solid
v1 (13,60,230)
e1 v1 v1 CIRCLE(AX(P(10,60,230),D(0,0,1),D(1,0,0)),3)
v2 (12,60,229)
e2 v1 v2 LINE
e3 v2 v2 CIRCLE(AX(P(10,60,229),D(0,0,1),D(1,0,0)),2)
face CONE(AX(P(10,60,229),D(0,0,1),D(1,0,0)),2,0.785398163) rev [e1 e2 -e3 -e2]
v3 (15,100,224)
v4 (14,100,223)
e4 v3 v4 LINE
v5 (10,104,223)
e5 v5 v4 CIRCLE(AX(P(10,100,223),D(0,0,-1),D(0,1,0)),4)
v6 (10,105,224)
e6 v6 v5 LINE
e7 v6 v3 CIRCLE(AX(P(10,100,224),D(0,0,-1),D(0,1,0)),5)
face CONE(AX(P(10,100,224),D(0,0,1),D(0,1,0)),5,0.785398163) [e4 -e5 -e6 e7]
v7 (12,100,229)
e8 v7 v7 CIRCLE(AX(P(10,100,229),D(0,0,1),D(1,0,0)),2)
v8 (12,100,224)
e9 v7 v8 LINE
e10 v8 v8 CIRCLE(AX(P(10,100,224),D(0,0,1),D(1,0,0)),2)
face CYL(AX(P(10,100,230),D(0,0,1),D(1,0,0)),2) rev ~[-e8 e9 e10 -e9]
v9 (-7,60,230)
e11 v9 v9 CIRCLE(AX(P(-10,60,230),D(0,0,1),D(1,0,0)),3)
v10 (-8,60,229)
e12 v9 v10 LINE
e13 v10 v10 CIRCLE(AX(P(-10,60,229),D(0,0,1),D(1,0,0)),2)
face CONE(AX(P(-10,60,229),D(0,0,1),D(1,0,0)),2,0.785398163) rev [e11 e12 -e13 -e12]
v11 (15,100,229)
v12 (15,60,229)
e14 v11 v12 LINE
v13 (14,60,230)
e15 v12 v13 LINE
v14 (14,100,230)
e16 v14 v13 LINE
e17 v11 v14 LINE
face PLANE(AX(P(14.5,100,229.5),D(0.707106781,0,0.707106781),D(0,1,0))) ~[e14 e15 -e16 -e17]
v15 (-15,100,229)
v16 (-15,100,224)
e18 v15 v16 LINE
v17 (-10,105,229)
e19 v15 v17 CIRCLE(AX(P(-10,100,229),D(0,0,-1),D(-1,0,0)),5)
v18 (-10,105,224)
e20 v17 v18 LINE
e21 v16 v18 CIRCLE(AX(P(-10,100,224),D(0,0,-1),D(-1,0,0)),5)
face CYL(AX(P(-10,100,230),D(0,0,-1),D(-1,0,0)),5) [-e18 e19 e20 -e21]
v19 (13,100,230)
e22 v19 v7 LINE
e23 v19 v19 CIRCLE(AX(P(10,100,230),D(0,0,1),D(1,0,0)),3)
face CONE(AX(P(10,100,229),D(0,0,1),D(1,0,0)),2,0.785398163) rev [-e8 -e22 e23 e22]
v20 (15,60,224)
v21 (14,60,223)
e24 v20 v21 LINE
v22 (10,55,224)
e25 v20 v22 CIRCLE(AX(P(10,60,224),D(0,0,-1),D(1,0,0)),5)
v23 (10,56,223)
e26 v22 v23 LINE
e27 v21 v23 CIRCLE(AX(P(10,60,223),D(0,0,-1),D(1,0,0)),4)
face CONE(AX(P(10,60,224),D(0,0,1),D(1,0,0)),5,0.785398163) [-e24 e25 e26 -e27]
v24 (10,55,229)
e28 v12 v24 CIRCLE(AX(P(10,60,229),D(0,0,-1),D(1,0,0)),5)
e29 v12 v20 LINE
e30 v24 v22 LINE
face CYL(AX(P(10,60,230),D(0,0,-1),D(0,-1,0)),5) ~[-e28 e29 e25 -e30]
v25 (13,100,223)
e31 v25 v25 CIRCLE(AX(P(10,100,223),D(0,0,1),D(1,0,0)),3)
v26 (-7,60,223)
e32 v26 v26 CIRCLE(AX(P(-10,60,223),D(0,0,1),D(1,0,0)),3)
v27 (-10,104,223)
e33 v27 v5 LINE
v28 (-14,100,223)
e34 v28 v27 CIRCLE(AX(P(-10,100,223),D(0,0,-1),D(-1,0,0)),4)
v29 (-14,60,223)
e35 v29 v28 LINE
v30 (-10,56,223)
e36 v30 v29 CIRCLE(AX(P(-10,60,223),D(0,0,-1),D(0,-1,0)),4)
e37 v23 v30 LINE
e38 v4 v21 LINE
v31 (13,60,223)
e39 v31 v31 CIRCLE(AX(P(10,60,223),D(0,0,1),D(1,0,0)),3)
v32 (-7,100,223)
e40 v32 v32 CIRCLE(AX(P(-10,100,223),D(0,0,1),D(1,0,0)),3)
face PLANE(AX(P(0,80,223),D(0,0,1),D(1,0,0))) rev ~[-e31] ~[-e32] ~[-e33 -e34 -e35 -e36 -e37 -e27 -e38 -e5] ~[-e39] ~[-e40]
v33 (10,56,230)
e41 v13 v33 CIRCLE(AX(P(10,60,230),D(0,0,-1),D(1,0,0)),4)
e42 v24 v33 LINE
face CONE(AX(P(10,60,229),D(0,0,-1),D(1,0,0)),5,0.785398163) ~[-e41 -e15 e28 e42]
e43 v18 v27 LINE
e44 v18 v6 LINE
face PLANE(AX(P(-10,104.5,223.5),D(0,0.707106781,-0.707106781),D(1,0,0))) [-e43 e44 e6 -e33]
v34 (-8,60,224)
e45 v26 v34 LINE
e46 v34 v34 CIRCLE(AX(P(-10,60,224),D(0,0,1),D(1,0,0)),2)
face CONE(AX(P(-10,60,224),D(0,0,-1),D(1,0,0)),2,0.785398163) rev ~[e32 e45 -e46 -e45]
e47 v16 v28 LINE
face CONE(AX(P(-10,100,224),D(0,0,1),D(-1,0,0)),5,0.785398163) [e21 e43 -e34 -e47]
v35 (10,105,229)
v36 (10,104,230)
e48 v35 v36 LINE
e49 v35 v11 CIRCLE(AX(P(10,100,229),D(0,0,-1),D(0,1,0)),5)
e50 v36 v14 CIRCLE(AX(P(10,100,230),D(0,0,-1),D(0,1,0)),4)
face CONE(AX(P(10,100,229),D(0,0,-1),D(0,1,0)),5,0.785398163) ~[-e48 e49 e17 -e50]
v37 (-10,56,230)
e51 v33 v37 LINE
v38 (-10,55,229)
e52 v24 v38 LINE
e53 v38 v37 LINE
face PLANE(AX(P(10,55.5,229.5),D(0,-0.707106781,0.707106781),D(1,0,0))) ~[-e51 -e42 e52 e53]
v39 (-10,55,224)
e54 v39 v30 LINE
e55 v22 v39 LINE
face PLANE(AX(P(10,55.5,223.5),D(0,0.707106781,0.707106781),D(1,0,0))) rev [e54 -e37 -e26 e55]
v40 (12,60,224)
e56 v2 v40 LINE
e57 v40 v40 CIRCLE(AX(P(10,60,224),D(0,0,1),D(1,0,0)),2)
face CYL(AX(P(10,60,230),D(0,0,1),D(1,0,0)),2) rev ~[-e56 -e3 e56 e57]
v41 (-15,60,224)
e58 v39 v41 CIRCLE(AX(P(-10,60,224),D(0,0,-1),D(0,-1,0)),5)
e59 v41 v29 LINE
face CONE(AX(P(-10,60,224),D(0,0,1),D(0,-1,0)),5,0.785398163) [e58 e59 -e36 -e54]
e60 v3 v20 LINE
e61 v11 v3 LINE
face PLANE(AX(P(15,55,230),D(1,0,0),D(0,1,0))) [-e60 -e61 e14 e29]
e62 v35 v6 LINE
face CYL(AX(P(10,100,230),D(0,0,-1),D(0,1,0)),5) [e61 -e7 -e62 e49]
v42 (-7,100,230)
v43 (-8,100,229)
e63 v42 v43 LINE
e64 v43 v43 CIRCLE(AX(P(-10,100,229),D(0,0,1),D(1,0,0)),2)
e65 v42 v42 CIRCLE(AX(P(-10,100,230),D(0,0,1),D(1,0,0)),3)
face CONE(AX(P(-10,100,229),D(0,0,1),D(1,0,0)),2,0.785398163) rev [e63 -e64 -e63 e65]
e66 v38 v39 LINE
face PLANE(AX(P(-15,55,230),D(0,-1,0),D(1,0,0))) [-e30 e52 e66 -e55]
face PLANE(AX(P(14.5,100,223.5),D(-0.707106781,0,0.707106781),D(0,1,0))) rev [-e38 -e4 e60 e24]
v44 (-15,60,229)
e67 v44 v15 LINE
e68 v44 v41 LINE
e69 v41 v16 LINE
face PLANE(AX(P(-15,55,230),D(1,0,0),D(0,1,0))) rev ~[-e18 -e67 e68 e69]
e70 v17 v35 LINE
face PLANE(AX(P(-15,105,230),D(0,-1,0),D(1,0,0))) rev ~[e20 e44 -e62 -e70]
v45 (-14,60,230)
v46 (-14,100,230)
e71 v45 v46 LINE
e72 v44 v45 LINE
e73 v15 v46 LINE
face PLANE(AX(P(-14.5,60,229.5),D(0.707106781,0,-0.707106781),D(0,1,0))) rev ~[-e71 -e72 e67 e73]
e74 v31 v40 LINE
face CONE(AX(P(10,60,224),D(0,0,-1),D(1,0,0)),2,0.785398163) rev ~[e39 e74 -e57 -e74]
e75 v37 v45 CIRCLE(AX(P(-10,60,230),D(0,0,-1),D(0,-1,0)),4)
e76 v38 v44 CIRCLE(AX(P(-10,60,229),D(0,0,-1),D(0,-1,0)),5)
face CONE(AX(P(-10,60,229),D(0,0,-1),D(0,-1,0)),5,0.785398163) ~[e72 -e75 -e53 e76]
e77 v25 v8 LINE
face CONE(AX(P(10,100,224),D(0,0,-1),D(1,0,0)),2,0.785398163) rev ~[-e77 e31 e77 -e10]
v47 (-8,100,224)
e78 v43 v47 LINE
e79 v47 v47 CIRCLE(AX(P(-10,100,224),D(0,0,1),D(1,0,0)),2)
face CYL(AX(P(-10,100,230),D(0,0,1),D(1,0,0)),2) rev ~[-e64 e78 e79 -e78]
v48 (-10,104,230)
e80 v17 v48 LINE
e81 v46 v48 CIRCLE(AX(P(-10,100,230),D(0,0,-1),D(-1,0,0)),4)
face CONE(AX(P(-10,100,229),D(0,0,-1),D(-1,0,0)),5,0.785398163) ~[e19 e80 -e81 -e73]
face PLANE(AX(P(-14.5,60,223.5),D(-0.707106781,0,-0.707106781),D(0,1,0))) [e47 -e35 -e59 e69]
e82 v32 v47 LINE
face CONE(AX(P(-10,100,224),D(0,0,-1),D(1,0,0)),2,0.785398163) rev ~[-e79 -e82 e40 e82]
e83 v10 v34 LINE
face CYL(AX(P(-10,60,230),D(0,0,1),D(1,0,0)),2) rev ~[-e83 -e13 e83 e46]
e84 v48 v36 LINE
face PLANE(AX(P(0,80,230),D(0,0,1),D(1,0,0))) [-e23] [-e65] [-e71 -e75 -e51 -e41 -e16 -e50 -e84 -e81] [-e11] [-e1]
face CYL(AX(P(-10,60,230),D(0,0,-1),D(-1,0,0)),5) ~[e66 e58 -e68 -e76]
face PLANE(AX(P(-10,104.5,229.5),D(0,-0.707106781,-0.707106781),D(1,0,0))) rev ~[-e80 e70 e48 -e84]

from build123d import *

# Parameters (mm, degrees)
SKETCH045_W     = 30
SKETCH045_H     = 50
SKETCH045_R     = 2
PAD020_DEPTH    = 7
FILLET019_R     = 5
CHAMFER032_SIZE = 1


with BuildPart() as part:
    # Sketch045 → Pad020 (new body)
    with BuildSketch(Plane.XY):
        Rectangle(SKETCH045_W, SKETCH045_H)
        with Locations((-10, 20)):
            Circle(SKETCH045_R, mode=Mode.SUBTRACT)
        with Locations((10, 20)):
            Circle(SKETCH045_R, mode=Mode.SUBTRACT)
        with Locations((10, -20)):
            Circle(SKETCH045_R, mode=Mode.SUBTRACT)
        with Locations((-10, -20)):
            Circle(SKETCH045_R, mode=Mode.SUBTRACT)
    extrude(amount=-PAD020_DEPTH)

    # Fillet019
    fillet019_edges = [part.edges().sort_by_distance(p)[0] for p in [
        (15, -25, -3.5),
        (-15, -25, -3.5),
        (-15, 25, -3.5),
        (15, 25, -3.5),
    ]]
    fillet(fillet019_edges, radius=FILLET019_R)

    # Chamfer032
    chamfer032_edges = [part.edges().sort_by_distance(p)[0] for p in [
        (-15, 0, 0),
        (-13.535534, -23.535534, 0),
        (-13.535534, 23.535534, 0),
        (0, -25, 0),
        (0, 25, 0),
        (13.535534, -23.535534, 0),
        (13.535534, 23.535534, 0),
        (15, 0, 0),
        (-12, 20, 0),
        (8, 20, 0),
        (8, -20, 0),
        (-12, -20, 0),
        (-15, 0, -7),
        (-13.535534, -23.535534, -7),
        (-13.535534, 23.535534, -7),
        (0, -25, -7),
        (0, 25, -7),
        (13.535534, -23.535534, -7),
        (13.535534, 23.535534, -7),
        (15, 0, -7),
        (-12, 20, -7),
        (8, 20, -7),
        (8, -20, -7),
        (-12, -20, -7),
    ]]
    chamfer(chamfer032_edges, length=CHAMFER032_SIZE)


with BuildPart() as part_1:
    # Body015 placement: moved
    add(part.part.moved(Location((0, 80, 230))))


solid = part_1.part
